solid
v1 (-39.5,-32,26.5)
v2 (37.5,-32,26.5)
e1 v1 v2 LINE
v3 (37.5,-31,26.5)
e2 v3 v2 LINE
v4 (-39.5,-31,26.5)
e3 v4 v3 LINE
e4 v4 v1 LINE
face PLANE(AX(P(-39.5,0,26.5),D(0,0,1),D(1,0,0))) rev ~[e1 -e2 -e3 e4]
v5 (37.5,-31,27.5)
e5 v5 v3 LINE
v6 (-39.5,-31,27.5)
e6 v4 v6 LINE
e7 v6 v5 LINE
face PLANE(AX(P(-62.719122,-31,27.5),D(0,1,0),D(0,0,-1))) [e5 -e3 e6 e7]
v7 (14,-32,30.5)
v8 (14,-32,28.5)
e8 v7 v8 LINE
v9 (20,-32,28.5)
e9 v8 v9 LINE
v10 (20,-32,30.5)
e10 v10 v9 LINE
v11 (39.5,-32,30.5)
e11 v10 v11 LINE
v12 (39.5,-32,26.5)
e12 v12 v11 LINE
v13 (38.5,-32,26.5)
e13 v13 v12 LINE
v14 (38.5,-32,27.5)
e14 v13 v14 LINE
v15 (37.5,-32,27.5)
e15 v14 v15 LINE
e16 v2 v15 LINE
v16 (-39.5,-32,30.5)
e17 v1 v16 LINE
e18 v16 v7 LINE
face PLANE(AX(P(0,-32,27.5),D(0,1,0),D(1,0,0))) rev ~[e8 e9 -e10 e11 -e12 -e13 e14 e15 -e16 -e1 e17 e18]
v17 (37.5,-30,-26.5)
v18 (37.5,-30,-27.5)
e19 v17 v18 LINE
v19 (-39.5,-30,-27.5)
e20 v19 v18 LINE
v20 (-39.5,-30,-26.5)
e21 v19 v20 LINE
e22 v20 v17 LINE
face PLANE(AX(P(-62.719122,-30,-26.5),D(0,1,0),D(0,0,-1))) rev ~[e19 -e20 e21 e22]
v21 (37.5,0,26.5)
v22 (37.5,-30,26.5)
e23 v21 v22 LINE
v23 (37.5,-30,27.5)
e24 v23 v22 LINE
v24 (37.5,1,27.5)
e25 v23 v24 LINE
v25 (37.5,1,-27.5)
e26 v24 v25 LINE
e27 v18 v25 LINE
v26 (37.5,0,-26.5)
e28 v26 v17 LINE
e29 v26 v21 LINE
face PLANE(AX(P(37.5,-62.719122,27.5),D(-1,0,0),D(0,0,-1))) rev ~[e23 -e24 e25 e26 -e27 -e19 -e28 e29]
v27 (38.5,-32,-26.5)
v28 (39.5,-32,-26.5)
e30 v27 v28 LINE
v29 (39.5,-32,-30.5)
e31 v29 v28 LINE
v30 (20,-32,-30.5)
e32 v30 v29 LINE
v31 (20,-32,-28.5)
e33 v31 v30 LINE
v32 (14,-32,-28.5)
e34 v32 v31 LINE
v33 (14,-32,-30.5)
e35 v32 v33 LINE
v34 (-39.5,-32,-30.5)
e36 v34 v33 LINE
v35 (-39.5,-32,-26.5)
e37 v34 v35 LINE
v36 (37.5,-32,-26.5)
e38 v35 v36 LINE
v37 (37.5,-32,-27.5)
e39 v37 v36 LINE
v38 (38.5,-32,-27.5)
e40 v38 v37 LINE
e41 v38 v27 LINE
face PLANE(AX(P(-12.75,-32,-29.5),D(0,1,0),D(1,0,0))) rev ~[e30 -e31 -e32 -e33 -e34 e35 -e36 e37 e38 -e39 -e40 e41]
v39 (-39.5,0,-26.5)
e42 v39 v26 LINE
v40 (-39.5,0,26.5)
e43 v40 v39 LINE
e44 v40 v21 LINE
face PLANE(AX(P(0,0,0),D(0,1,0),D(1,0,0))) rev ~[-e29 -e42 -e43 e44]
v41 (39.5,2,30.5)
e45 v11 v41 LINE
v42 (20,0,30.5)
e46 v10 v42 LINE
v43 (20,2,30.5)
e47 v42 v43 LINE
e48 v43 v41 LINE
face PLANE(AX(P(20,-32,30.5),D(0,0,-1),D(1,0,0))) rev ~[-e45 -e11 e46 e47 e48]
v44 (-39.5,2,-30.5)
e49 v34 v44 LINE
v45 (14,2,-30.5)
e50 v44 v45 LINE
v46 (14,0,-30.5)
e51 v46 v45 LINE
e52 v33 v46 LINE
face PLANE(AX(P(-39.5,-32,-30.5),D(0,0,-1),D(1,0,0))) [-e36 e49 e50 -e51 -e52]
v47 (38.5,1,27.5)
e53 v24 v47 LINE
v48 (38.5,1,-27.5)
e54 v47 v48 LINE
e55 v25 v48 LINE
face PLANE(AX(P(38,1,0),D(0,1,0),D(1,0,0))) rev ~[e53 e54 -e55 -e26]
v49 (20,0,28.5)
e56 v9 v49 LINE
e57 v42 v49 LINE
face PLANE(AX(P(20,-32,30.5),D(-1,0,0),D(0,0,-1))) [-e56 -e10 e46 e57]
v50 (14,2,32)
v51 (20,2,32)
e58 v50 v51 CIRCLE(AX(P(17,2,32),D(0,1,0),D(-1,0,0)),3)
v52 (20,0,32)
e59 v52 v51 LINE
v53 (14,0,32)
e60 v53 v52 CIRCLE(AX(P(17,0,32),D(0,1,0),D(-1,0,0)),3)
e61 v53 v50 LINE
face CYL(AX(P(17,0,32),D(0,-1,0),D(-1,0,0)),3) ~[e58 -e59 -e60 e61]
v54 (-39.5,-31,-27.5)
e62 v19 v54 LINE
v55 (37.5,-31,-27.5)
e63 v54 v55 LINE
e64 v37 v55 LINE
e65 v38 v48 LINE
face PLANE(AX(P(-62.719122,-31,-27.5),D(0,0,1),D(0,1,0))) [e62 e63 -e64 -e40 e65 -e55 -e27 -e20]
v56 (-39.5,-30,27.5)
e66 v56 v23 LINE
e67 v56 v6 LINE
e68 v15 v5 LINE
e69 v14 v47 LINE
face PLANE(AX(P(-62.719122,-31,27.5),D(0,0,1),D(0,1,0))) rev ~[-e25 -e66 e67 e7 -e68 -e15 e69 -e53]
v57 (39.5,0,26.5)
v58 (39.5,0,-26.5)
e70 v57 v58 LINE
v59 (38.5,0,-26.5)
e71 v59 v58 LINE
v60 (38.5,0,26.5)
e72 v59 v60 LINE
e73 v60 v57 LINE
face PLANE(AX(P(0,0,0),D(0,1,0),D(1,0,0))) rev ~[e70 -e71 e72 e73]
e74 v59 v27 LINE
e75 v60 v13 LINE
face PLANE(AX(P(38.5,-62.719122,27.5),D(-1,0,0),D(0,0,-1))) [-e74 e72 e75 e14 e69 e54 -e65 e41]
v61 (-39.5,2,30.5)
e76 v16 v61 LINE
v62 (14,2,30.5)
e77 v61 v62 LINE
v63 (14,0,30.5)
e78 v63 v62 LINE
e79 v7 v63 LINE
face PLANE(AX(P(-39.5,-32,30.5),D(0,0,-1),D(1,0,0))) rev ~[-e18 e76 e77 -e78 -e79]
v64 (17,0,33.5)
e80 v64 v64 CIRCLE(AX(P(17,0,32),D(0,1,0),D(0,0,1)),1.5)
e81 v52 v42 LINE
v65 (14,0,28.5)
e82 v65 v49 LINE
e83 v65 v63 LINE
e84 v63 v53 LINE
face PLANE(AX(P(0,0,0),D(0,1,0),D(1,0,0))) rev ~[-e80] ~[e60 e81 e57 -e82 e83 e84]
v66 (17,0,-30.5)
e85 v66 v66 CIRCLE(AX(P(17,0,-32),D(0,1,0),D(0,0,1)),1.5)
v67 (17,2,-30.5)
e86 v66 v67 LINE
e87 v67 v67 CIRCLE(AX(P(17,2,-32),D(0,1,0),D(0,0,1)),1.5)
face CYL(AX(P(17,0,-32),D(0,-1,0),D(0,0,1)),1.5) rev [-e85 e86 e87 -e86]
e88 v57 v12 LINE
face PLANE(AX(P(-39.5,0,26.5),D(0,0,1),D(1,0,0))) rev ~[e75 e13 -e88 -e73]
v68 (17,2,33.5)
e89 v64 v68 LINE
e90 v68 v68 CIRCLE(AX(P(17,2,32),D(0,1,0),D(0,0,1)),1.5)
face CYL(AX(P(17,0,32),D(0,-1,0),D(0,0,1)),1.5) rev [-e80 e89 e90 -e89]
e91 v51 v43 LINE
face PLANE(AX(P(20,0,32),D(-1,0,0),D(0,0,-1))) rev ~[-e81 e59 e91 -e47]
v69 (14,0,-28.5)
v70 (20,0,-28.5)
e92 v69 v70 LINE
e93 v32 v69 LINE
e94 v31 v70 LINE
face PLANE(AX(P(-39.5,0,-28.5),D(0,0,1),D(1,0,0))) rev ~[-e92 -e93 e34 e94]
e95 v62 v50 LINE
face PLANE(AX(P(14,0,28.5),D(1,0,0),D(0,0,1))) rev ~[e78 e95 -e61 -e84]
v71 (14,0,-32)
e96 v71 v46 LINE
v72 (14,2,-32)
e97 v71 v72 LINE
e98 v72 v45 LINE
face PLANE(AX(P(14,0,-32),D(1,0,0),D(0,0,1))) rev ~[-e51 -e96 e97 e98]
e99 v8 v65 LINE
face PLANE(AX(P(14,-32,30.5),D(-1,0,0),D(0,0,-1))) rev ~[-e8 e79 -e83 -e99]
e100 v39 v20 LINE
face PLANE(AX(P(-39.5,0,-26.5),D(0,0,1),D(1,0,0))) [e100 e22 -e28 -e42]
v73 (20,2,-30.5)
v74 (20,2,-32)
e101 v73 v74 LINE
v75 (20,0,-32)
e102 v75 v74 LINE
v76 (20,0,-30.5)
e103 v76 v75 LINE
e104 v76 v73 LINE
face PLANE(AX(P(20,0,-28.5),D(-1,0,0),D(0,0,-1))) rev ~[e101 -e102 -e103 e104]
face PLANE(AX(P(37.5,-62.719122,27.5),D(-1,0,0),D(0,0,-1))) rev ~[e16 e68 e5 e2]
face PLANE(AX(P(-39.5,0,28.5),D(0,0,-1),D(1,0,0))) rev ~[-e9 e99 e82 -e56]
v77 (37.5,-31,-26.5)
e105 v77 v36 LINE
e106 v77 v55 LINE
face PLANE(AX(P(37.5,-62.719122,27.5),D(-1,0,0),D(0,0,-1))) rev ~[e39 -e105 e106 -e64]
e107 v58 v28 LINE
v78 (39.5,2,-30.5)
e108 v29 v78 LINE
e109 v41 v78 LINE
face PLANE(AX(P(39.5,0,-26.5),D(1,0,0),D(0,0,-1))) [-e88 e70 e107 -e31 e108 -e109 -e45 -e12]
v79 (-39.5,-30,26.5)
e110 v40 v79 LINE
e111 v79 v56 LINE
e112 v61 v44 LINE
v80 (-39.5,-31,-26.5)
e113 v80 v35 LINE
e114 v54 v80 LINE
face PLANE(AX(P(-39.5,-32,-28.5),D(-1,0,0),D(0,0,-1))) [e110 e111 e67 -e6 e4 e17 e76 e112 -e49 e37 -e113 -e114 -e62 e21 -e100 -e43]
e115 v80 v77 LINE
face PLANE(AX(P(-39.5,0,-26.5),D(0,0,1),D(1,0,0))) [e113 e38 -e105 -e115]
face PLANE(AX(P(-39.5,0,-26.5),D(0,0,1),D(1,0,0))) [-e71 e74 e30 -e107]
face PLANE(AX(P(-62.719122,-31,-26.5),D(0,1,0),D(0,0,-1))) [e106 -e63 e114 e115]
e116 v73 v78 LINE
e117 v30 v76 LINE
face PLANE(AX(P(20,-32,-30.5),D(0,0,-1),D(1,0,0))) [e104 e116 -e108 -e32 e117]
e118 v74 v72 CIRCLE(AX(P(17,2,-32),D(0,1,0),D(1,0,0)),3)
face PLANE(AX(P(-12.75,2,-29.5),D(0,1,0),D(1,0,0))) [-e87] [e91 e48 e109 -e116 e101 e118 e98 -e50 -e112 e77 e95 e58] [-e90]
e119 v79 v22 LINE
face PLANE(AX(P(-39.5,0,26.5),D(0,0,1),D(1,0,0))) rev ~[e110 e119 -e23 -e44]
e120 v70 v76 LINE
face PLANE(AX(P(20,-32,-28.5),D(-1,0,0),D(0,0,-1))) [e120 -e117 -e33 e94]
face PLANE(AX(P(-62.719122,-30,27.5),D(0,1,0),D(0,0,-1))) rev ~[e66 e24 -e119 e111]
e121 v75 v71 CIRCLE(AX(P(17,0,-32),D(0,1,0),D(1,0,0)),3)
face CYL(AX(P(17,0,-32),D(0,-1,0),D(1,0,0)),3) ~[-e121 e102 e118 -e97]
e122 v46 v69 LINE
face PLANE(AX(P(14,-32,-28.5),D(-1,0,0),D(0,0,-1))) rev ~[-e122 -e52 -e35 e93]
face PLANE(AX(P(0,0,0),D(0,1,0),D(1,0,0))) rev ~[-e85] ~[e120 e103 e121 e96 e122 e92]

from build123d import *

# Parameters (mm, degrees)
SKETCH_1_W               = 79
SKETCH_1_H               = 57
SKETCH_1_W_2             = 71
SKETCH_1_H_2             = 49
SKETCH_1_R               = 1.5
EXTRUDE_1_DEPTH          = 2
SKETCH_2_W               = 79
SKETCH_2_H               = 2
EXTRUDE_2_DEPTH          = 32
CUT_EXTRUDE_1_DEPTH      = 1
CUT_EXTRUDE_1_DEPTH_BACK = 62.719121834
SKETCH_3_W               = 1
SKETCH_3_H               = 55
CUT_EXTRUDE_2_DEPTH      = 37.5
CUT_EXTRUDE_2_DEPTH_BACK = 62.719121834
SKETCH_4_W               = 1
SKETCH_4_H               = 1
EXTRUDE_3_DEPTH          = 2
EXTRUDE_3_DEPTH_BACK     = 32
SKETCH_5_W               = 53.5
SKETCH_5_H               = 2
SKETCH_5_W_2             = 19.5


with BuildPart() as part:
    # 草图1 → 凸台-拉伸1 (new body)
    # profile 1 of 4: a face of its own
    with BuildSketch(Plane(origin=(0, 0, 0), x_dir=(1, 0, 0), z_dir=(0, 1, 0))):
        Rectangle(SKETCH_1_W, SKETCH_1_H)
        Rectangle(SKETCH_1_W_2, SKETCH_1_H_2, mode=Mode.SUBTRACT)
    # profile 2 of 4: a face of its own
    with BuildSketch(Plane(origin=(0, 0, 0), x_dir=(1, 0, 0), z_dir=(0, 1, 0))):
        Rectangle(SKETCH_1_W_2, SKETCH_1_H_2)
    # profile 3 of 4: a face of its own
    with BuildSketch(Plane(origin=(0, 0, 0), x_dir=(1, 0, 0), z_dir=(0, 1, 0))):
        with BuildLine():
            Line((20, -28.5), (14, -28.5))
            Line((14, -28.5), (14, -32))
            ThreePointArc((14, -32), (17, -35), (20, -32))
            Line((20, -32), (20, -28.5))
        make_face()
        with Locations(Location((17, -32, 0), (0, 0, 270))):
            Circle(SKETCH_1_R, mode=Mode.SUBTRACT)
    # profile 4 of 4: a face of its own
    with BuildSketch(Plane(origin=(0, 0, 0), x_dir=(1, 0, 0), z_dir=(0, 1, 0))):
        with BuildLine():
            Line((14, 32), (14, 28.5))
            Line((14, 28.5), (20, 28.5))
            Line((20, 28.5), (20, 32))
            ThreePointArc((20, 32), (17, 35), (14, 32))
        make_face()
        with Locations(Location((17, 32, 0), (0, 0, 270))):
            Circle(SKETCH_1_R, mode=Mode.SUBTRACT)
    extrude(amount=EXTRUDE_1_DEPTH)

    # 草图2 → 凸台-拉伸2 (add)
    with BuildSketch(Plane(origin=(0, 0, 0), x_dir=(1, 0, 0), z_dir=(0, 1, 0))):
        with Locations((0, 27.5)):
            Rectangle(SKETCH_2_W, SKETCH_2_H)
        with Locations((0, -27.5)):
            Rectangle(SKETCH_2_W, SKETCH_2_H)
    extrude(amount=-EXTRUDE_2_DEPTH)

    # 草图3 → 切除-拉伸1 (cut, two sides: drawn at the far end of the back side and taken through both)
    with BuildSketch(Plane(origin=(0, 0, 0), x_dir=(1, 0, 0), z_dir=(0, 1, 0)).offset(-CUT_EXTRUDE_1_DEPTH_BACK)):
        with Locations((38, 0)):
            Rectangle(SKETCH_3_W, SKETCH_3_H)
    extrude(amount=CUT_EXTRUDE_1_DEPTH + CUT_EXTRUDE_1_DEPTH_BACK, mode=Mode.SUBTRACT)

    # 草图4 → 切除-拉伸2 (cut, two sides: drawn at the far end of the back side and taken through both)
    with BuildSketch(Plane(origin=(0, 0, 0), x_dir=(0, 0, -1), z_dir=(1, 0, 0)).offset(-CUT_EXTRUDE_2_DEPTH_BACK)):
        with Locations((-27, -30.5)):
            Rectangle(SKETCH_4_W, SKETCH_4_H)
        with Locations((27, -30.5)):
            Rectangle(SKETCH_4_W, SKETCH_4_H)
    extrude(amount=CUT_EXTRUDE_2_DEPTH + CUT_EXTRUDE_2_DEPTH_BACK, mode=Mode.SUBTRACT)

    # 草图5 → 凸台-拉伸3 (add, two sides: drawn at the far end of the back side and taken through both)
    with BuildSketch(Plane(origin=(0, 0, 0), x_dir=(1, 0, 0), z_dir=(0, 1, 0)).offset(-EXTRUDE_3_DEPTH_BACK)):
        with Locations((-12.75, 29.5)):
            Rectangle(SKETCH_5_W, SKETCH_5_H)
        with Locations((-12.75, -29.5)):
            Rectangle(SKETCH_5_W, SKETCH_5_H)
        with Locations((29.75, 29.5)):
            Rectangle(SKETCH_5_W_2, SKETCH_5_H)
        with Locations((29.75, -29.5)):
            Rectangle(SKETCH_5_W_2, SKETCH_5_H)
    extrude(amount=EXTRUDE_3_DEPTH + EXTRUDE_3_DEPTH_BACK)


solid = part.part
